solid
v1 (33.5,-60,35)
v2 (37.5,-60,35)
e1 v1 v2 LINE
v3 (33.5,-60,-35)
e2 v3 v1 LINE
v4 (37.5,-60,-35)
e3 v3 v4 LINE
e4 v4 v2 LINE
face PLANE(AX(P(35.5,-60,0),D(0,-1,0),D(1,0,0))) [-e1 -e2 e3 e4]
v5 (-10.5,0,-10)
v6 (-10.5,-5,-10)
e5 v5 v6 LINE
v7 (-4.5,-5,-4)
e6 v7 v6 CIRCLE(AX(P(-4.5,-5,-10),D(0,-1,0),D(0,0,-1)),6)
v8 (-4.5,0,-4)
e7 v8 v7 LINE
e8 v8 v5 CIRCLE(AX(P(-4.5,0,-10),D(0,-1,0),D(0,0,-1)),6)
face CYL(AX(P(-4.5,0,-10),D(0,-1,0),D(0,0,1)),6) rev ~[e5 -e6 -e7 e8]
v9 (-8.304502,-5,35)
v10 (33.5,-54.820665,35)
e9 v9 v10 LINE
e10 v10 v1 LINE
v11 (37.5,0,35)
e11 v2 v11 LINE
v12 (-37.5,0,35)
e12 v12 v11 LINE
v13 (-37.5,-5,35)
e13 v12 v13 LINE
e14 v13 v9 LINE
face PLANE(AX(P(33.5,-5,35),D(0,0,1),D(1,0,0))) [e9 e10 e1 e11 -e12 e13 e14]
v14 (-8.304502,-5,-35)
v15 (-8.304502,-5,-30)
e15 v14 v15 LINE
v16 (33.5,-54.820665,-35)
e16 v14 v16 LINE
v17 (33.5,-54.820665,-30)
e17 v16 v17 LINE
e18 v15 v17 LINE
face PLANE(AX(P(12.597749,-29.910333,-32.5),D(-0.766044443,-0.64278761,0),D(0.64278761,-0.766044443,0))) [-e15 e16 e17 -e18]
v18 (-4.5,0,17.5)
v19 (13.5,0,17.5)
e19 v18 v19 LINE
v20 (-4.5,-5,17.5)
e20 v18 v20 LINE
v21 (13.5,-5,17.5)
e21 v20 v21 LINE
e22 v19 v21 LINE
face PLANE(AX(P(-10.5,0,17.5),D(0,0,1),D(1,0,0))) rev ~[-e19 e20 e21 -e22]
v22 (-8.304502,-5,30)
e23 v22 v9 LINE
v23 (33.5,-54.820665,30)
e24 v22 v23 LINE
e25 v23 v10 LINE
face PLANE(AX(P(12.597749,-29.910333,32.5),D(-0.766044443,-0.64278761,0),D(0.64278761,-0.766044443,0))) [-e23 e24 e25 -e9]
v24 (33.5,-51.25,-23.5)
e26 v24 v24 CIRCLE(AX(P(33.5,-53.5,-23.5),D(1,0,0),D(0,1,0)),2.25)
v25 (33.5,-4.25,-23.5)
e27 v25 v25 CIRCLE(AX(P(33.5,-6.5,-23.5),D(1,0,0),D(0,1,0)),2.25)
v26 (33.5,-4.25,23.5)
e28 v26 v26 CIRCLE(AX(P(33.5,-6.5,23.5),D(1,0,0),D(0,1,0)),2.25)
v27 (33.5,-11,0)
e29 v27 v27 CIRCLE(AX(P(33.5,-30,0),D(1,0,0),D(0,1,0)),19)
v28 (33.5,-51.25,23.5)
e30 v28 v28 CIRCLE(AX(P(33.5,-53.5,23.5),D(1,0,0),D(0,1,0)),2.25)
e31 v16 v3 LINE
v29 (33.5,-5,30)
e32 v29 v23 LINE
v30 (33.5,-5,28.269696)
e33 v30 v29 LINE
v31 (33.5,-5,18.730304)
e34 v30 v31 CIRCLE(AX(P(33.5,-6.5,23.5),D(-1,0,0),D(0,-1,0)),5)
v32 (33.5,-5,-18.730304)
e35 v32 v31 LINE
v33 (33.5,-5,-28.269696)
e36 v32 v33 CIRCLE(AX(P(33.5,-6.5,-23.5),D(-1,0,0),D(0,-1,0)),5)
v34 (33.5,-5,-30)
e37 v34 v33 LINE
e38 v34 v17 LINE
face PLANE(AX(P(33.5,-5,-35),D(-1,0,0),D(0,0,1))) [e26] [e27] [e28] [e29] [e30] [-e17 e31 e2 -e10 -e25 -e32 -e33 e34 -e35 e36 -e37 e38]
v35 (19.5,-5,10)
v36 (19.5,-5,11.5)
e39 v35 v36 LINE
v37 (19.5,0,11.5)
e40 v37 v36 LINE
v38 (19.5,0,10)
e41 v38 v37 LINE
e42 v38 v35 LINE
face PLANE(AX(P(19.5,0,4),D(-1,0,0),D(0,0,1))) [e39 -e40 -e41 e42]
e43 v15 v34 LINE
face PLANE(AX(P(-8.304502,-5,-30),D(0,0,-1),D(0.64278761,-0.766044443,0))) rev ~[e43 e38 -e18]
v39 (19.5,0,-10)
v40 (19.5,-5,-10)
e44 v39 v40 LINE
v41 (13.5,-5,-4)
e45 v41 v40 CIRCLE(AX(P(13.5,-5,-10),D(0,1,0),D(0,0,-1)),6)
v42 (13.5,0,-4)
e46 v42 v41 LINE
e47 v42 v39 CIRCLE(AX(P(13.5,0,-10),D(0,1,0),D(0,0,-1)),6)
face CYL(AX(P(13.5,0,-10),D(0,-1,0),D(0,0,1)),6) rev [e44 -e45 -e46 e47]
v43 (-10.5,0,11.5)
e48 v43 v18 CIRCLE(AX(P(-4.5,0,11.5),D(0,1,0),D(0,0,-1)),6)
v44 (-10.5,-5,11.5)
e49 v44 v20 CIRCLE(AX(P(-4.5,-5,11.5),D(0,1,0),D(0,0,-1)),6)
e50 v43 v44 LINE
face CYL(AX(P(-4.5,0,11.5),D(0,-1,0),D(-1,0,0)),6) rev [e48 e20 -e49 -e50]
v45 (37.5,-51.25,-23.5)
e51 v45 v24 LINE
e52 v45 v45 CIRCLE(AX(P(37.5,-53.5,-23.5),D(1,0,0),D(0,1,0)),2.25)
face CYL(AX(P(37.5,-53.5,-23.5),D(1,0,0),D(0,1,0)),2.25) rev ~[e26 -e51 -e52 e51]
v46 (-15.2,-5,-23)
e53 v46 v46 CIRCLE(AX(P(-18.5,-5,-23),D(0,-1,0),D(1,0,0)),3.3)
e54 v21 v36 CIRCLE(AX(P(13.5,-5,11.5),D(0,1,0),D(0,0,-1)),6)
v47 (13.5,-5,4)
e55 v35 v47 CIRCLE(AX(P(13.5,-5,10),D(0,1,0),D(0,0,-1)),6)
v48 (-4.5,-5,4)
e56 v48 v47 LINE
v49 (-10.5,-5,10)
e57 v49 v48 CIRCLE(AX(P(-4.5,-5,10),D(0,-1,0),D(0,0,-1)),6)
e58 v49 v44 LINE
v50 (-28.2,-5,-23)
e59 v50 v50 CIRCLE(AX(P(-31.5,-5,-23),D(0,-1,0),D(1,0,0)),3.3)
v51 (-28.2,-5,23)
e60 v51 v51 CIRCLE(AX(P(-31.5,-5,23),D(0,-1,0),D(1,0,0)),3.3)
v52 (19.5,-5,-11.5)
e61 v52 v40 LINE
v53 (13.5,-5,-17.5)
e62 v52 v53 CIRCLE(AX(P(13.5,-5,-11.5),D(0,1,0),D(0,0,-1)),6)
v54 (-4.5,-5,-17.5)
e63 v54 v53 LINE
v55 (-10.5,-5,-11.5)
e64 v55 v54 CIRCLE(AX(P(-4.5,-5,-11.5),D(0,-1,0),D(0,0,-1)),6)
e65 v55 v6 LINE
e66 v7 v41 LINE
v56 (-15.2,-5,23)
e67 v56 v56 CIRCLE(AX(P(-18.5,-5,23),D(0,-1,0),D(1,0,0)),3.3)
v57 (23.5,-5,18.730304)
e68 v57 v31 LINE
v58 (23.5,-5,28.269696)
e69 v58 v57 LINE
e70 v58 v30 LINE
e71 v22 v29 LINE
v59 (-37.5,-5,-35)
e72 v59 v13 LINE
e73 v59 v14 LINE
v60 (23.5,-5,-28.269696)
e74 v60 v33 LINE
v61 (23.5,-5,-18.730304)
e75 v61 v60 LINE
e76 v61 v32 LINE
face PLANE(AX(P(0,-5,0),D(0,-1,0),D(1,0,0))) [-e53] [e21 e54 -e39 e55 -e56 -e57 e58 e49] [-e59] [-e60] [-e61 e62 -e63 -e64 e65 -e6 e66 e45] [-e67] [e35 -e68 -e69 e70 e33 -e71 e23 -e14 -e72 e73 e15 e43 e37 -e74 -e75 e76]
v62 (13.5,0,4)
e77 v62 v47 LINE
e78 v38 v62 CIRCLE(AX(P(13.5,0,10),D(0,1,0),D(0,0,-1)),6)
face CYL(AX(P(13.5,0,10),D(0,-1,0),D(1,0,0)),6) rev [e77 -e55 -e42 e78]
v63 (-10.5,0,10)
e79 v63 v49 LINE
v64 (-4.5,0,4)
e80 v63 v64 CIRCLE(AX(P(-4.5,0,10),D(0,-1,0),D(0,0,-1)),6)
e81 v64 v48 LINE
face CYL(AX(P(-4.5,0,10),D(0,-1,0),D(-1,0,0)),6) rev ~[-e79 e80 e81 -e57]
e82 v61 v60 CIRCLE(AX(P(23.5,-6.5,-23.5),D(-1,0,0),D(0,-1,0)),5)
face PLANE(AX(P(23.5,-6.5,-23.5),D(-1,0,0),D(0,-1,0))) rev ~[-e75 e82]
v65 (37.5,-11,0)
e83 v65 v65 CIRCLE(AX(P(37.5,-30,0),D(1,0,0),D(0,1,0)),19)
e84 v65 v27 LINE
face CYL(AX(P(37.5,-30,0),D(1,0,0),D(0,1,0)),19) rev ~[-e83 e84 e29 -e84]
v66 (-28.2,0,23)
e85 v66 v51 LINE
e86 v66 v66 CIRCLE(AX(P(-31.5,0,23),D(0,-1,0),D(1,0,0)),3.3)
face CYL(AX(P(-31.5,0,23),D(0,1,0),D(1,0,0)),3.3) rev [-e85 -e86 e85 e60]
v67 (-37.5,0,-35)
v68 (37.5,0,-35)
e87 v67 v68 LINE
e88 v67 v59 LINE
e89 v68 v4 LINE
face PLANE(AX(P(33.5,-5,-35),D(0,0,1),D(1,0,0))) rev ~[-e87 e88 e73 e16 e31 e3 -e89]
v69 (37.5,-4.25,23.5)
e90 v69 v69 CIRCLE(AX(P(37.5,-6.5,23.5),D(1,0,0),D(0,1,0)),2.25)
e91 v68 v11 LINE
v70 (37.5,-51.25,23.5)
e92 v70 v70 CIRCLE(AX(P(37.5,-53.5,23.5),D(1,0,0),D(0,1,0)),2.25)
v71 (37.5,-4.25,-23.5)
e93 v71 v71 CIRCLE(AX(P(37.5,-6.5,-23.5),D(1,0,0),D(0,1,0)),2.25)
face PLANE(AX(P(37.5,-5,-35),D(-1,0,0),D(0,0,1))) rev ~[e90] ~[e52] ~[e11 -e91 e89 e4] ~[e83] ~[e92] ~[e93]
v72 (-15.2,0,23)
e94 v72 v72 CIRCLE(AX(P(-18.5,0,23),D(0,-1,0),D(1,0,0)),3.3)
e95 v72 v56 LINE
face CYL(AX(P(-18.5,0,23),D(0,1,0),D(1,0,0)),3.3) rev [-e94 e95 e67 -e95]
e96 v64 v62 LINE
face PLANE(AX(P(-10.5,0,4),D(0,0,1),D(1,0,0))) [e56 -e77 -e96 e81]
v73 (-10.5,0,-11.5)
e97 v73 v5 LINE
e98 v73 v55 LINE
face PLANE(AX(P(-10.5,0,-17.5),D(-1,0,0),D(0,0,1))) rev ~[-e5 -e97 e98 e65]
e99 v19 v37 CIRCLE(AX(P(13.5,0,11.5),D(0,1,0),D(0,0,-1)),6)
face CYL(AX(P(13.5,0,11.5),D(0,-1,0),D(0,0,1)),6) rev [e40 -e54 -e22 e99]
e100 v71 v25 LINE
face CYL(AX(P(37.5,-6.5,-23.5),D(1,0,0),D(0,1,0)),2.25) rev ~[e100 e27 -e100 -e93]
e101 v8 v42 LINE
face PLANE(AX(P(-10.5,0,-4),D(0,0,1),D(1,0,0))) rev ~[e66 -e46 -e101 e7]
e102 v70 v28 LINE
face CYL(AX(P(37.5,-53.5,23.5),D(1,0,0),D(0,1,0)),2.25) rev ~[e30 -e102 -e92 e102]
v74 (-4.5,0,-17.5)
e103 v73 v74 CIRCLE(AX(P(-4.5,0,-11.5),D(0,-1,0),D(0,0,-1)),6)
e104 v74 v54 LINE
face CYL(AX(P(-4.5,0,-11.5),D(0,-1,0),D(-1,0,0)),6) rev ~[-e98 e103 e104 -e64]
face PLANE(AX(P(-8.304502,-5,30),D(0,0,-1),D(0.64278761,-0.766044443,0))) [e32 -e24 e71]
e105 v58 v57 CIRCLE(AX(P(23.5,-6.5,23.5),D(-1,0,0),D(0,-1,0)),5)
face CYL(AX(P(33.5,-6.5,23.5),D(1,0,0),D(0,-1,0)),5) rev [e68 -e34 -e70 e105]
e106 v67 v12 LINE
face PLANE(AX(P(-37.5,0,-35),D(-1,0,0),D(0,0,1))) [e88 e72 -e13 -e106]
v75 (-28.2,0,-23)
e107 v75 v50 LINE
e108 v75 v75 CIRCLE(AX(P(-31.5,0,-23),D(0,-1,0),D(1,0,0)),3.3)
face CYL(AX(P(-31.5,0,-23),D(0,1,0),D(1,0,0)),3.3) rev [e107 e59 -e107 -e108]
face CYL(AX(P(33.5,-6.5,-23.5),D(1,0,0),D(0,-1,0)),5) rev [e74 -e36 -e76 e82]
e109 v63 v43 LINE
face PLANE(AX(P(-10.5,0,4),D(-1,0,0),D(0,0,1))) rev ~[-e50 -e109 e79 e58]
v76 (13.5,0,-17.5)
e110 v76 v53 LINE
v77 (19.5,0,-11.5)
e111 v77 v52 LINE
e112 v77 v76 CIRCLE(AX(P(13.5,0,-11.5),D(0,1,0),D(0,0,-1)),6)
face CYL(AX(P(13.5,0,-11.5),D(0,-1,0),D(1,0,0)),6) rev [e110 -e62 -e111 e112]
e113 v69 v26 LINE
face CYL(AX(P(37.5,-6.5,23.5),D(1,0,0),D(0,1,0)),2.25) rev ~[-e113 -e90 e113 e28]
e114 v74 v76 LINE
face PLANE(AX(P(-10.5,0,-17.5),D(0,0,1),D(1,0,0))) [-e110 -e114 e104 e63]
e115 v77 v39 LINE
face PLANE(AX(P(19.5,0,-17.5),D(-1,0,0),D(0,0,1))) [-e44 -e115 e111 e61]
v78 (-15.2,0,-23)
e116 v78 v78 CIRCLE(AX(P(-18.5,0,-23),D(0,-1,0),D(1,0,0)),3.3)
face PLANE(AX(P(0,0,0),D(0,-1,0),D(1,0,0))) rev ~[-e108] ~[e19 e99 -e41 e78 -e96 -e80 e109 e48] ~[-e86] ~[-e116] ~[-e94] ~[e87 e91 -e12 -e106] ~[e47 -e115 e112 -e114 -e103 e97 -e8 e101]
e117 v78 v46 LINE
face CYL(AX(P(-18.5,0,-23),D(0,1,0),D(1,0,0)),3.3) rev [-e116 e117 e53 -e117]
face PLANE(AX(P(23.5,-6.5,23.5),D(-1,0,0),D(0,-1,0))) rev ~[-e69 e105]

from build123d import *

# Parameters (mm, degrees)
F0_W      = 75
F0_H      = 70
F0_R      = 3.3
F0_W_2    = 30
F0_H_2    = 13.5
F1_DEPTH  = 5
F2_W      = 4
F2_H      = 70
F3_DEPTH  = 55
F4_R      = 19
F4_R_2    = 2.25
F5_DEPTH  = 4
F7_W      = 65.0362595889
F7_H      = 5
F9_R      = 5
F10_DEPTH = 10
F11_R     = 6


with BuildPart() as f1:
    # F0 (on Front) → F1 (new body)
    with BuildSketch(Plane.XZ):
        Rectangle(F0_W, F0_H)
        with Locations((-31.5, -23)):
            Circle(F0_R, mode=Mode.SUBTRACT)
        with Locations((-18.5, -23)):
            Circle(F0_R, mode=Mode.SUBTRACT)
        with Locations((4.5, -10.75)):
            Rectangle(F0_W_2, F0_H_2, mode=Mode.SUBTRACT)
        with Locations((-31.5, 23)):
            Circle(F0_R, mode=Mode.SUBTRACT)
        with Locations((-18.5, 23)):
            Circle(F0_R, mode=Mode.SUBTRACT)
        with Locations((4.5, 10.75)):
            Rectangle(F0_W_2, F0_H_2, mode=Mode.SUBTRACT)
    extrude(amount=F1_DEPTH)

    # F2 (on face) → F3 (join)
    with BuildSketch(Plane.XZ.offset(5)):
        with Locations((35.5, 0)):
            Rectangle(F2_W, F2_H)
    extrude(amount=F3_DEPTH)

    # F4 (on face) → F5 (cut, through all)
    with BuildSketch(Plane.YZ.offset(37.5)):
        with Locations((-30, 0)):
            Circle(F4_R)
        with Locations((-53.5, 23.5)):
            Circle(F4_R_2)
        with Locations((-6.5, 23.5)):
            Circle(F4_R_2)
        with Locations((-6.5, -23.5)):
            Circle(F4_R_2)
        with Locations((-53.5, -23.5)):
            Circle(F4_R_2)
    extrude(amount=-F5_DEPTH, mode=Mode.SUBTRACT)

    # F7 (on line) → F8 (join, up to the next surface of F1)
    with BuildSketch(Plane(origin=(-7.3353011104, -6.1550484563, 0), x_dir=(0.6427876097, -0.7660444431, 0), z_dir=(-0.7660444431, -0.6427876097, 0))):
        with Locations((31.01032112, 32.5)):
            Rectangle(F7_W, F7_H)
        with Locations((31.01032112, -32.5)):
            Rectangle(F7_W, F7_H)
    extrude(until=Until.NEXT, dir=(0.7660444431, 0.6427876097, 0))

    # F9 (on face) → F10 (cut)
    with BuildSketch(Plane(origin=(33.5, 0, 0), x_dir=(0, -1, 0), z_dir=(-1, 0, 0))):
        with Locations((6.5, 23.5000000002)):
            Circle(F9_R)
        with Locations((6.5, -23.4999999998)):
            Circle(F9_R)
    extrude(amount=F10_DEPTH, mode=Mode.SUBTRACT)

    # F11
    f11_edges = [f1.edges().sort_by_distance(p)[0] for p in [
        (-10.5, -2.5, 17.5),
        (19.5, -2.5, 17.5),
        (19.5, -2.5, 4),
        (-10.5, -2.5, 4),
        (19.5, -2.5, -4),
        (19.5, -2.5, -17.5),
        (-10.5, -2.5, -17.5),
        (-10.5, -2.5, -4),
    ]]
    fillet(f11_edges, radius=F11_R)


solid = f1.part
